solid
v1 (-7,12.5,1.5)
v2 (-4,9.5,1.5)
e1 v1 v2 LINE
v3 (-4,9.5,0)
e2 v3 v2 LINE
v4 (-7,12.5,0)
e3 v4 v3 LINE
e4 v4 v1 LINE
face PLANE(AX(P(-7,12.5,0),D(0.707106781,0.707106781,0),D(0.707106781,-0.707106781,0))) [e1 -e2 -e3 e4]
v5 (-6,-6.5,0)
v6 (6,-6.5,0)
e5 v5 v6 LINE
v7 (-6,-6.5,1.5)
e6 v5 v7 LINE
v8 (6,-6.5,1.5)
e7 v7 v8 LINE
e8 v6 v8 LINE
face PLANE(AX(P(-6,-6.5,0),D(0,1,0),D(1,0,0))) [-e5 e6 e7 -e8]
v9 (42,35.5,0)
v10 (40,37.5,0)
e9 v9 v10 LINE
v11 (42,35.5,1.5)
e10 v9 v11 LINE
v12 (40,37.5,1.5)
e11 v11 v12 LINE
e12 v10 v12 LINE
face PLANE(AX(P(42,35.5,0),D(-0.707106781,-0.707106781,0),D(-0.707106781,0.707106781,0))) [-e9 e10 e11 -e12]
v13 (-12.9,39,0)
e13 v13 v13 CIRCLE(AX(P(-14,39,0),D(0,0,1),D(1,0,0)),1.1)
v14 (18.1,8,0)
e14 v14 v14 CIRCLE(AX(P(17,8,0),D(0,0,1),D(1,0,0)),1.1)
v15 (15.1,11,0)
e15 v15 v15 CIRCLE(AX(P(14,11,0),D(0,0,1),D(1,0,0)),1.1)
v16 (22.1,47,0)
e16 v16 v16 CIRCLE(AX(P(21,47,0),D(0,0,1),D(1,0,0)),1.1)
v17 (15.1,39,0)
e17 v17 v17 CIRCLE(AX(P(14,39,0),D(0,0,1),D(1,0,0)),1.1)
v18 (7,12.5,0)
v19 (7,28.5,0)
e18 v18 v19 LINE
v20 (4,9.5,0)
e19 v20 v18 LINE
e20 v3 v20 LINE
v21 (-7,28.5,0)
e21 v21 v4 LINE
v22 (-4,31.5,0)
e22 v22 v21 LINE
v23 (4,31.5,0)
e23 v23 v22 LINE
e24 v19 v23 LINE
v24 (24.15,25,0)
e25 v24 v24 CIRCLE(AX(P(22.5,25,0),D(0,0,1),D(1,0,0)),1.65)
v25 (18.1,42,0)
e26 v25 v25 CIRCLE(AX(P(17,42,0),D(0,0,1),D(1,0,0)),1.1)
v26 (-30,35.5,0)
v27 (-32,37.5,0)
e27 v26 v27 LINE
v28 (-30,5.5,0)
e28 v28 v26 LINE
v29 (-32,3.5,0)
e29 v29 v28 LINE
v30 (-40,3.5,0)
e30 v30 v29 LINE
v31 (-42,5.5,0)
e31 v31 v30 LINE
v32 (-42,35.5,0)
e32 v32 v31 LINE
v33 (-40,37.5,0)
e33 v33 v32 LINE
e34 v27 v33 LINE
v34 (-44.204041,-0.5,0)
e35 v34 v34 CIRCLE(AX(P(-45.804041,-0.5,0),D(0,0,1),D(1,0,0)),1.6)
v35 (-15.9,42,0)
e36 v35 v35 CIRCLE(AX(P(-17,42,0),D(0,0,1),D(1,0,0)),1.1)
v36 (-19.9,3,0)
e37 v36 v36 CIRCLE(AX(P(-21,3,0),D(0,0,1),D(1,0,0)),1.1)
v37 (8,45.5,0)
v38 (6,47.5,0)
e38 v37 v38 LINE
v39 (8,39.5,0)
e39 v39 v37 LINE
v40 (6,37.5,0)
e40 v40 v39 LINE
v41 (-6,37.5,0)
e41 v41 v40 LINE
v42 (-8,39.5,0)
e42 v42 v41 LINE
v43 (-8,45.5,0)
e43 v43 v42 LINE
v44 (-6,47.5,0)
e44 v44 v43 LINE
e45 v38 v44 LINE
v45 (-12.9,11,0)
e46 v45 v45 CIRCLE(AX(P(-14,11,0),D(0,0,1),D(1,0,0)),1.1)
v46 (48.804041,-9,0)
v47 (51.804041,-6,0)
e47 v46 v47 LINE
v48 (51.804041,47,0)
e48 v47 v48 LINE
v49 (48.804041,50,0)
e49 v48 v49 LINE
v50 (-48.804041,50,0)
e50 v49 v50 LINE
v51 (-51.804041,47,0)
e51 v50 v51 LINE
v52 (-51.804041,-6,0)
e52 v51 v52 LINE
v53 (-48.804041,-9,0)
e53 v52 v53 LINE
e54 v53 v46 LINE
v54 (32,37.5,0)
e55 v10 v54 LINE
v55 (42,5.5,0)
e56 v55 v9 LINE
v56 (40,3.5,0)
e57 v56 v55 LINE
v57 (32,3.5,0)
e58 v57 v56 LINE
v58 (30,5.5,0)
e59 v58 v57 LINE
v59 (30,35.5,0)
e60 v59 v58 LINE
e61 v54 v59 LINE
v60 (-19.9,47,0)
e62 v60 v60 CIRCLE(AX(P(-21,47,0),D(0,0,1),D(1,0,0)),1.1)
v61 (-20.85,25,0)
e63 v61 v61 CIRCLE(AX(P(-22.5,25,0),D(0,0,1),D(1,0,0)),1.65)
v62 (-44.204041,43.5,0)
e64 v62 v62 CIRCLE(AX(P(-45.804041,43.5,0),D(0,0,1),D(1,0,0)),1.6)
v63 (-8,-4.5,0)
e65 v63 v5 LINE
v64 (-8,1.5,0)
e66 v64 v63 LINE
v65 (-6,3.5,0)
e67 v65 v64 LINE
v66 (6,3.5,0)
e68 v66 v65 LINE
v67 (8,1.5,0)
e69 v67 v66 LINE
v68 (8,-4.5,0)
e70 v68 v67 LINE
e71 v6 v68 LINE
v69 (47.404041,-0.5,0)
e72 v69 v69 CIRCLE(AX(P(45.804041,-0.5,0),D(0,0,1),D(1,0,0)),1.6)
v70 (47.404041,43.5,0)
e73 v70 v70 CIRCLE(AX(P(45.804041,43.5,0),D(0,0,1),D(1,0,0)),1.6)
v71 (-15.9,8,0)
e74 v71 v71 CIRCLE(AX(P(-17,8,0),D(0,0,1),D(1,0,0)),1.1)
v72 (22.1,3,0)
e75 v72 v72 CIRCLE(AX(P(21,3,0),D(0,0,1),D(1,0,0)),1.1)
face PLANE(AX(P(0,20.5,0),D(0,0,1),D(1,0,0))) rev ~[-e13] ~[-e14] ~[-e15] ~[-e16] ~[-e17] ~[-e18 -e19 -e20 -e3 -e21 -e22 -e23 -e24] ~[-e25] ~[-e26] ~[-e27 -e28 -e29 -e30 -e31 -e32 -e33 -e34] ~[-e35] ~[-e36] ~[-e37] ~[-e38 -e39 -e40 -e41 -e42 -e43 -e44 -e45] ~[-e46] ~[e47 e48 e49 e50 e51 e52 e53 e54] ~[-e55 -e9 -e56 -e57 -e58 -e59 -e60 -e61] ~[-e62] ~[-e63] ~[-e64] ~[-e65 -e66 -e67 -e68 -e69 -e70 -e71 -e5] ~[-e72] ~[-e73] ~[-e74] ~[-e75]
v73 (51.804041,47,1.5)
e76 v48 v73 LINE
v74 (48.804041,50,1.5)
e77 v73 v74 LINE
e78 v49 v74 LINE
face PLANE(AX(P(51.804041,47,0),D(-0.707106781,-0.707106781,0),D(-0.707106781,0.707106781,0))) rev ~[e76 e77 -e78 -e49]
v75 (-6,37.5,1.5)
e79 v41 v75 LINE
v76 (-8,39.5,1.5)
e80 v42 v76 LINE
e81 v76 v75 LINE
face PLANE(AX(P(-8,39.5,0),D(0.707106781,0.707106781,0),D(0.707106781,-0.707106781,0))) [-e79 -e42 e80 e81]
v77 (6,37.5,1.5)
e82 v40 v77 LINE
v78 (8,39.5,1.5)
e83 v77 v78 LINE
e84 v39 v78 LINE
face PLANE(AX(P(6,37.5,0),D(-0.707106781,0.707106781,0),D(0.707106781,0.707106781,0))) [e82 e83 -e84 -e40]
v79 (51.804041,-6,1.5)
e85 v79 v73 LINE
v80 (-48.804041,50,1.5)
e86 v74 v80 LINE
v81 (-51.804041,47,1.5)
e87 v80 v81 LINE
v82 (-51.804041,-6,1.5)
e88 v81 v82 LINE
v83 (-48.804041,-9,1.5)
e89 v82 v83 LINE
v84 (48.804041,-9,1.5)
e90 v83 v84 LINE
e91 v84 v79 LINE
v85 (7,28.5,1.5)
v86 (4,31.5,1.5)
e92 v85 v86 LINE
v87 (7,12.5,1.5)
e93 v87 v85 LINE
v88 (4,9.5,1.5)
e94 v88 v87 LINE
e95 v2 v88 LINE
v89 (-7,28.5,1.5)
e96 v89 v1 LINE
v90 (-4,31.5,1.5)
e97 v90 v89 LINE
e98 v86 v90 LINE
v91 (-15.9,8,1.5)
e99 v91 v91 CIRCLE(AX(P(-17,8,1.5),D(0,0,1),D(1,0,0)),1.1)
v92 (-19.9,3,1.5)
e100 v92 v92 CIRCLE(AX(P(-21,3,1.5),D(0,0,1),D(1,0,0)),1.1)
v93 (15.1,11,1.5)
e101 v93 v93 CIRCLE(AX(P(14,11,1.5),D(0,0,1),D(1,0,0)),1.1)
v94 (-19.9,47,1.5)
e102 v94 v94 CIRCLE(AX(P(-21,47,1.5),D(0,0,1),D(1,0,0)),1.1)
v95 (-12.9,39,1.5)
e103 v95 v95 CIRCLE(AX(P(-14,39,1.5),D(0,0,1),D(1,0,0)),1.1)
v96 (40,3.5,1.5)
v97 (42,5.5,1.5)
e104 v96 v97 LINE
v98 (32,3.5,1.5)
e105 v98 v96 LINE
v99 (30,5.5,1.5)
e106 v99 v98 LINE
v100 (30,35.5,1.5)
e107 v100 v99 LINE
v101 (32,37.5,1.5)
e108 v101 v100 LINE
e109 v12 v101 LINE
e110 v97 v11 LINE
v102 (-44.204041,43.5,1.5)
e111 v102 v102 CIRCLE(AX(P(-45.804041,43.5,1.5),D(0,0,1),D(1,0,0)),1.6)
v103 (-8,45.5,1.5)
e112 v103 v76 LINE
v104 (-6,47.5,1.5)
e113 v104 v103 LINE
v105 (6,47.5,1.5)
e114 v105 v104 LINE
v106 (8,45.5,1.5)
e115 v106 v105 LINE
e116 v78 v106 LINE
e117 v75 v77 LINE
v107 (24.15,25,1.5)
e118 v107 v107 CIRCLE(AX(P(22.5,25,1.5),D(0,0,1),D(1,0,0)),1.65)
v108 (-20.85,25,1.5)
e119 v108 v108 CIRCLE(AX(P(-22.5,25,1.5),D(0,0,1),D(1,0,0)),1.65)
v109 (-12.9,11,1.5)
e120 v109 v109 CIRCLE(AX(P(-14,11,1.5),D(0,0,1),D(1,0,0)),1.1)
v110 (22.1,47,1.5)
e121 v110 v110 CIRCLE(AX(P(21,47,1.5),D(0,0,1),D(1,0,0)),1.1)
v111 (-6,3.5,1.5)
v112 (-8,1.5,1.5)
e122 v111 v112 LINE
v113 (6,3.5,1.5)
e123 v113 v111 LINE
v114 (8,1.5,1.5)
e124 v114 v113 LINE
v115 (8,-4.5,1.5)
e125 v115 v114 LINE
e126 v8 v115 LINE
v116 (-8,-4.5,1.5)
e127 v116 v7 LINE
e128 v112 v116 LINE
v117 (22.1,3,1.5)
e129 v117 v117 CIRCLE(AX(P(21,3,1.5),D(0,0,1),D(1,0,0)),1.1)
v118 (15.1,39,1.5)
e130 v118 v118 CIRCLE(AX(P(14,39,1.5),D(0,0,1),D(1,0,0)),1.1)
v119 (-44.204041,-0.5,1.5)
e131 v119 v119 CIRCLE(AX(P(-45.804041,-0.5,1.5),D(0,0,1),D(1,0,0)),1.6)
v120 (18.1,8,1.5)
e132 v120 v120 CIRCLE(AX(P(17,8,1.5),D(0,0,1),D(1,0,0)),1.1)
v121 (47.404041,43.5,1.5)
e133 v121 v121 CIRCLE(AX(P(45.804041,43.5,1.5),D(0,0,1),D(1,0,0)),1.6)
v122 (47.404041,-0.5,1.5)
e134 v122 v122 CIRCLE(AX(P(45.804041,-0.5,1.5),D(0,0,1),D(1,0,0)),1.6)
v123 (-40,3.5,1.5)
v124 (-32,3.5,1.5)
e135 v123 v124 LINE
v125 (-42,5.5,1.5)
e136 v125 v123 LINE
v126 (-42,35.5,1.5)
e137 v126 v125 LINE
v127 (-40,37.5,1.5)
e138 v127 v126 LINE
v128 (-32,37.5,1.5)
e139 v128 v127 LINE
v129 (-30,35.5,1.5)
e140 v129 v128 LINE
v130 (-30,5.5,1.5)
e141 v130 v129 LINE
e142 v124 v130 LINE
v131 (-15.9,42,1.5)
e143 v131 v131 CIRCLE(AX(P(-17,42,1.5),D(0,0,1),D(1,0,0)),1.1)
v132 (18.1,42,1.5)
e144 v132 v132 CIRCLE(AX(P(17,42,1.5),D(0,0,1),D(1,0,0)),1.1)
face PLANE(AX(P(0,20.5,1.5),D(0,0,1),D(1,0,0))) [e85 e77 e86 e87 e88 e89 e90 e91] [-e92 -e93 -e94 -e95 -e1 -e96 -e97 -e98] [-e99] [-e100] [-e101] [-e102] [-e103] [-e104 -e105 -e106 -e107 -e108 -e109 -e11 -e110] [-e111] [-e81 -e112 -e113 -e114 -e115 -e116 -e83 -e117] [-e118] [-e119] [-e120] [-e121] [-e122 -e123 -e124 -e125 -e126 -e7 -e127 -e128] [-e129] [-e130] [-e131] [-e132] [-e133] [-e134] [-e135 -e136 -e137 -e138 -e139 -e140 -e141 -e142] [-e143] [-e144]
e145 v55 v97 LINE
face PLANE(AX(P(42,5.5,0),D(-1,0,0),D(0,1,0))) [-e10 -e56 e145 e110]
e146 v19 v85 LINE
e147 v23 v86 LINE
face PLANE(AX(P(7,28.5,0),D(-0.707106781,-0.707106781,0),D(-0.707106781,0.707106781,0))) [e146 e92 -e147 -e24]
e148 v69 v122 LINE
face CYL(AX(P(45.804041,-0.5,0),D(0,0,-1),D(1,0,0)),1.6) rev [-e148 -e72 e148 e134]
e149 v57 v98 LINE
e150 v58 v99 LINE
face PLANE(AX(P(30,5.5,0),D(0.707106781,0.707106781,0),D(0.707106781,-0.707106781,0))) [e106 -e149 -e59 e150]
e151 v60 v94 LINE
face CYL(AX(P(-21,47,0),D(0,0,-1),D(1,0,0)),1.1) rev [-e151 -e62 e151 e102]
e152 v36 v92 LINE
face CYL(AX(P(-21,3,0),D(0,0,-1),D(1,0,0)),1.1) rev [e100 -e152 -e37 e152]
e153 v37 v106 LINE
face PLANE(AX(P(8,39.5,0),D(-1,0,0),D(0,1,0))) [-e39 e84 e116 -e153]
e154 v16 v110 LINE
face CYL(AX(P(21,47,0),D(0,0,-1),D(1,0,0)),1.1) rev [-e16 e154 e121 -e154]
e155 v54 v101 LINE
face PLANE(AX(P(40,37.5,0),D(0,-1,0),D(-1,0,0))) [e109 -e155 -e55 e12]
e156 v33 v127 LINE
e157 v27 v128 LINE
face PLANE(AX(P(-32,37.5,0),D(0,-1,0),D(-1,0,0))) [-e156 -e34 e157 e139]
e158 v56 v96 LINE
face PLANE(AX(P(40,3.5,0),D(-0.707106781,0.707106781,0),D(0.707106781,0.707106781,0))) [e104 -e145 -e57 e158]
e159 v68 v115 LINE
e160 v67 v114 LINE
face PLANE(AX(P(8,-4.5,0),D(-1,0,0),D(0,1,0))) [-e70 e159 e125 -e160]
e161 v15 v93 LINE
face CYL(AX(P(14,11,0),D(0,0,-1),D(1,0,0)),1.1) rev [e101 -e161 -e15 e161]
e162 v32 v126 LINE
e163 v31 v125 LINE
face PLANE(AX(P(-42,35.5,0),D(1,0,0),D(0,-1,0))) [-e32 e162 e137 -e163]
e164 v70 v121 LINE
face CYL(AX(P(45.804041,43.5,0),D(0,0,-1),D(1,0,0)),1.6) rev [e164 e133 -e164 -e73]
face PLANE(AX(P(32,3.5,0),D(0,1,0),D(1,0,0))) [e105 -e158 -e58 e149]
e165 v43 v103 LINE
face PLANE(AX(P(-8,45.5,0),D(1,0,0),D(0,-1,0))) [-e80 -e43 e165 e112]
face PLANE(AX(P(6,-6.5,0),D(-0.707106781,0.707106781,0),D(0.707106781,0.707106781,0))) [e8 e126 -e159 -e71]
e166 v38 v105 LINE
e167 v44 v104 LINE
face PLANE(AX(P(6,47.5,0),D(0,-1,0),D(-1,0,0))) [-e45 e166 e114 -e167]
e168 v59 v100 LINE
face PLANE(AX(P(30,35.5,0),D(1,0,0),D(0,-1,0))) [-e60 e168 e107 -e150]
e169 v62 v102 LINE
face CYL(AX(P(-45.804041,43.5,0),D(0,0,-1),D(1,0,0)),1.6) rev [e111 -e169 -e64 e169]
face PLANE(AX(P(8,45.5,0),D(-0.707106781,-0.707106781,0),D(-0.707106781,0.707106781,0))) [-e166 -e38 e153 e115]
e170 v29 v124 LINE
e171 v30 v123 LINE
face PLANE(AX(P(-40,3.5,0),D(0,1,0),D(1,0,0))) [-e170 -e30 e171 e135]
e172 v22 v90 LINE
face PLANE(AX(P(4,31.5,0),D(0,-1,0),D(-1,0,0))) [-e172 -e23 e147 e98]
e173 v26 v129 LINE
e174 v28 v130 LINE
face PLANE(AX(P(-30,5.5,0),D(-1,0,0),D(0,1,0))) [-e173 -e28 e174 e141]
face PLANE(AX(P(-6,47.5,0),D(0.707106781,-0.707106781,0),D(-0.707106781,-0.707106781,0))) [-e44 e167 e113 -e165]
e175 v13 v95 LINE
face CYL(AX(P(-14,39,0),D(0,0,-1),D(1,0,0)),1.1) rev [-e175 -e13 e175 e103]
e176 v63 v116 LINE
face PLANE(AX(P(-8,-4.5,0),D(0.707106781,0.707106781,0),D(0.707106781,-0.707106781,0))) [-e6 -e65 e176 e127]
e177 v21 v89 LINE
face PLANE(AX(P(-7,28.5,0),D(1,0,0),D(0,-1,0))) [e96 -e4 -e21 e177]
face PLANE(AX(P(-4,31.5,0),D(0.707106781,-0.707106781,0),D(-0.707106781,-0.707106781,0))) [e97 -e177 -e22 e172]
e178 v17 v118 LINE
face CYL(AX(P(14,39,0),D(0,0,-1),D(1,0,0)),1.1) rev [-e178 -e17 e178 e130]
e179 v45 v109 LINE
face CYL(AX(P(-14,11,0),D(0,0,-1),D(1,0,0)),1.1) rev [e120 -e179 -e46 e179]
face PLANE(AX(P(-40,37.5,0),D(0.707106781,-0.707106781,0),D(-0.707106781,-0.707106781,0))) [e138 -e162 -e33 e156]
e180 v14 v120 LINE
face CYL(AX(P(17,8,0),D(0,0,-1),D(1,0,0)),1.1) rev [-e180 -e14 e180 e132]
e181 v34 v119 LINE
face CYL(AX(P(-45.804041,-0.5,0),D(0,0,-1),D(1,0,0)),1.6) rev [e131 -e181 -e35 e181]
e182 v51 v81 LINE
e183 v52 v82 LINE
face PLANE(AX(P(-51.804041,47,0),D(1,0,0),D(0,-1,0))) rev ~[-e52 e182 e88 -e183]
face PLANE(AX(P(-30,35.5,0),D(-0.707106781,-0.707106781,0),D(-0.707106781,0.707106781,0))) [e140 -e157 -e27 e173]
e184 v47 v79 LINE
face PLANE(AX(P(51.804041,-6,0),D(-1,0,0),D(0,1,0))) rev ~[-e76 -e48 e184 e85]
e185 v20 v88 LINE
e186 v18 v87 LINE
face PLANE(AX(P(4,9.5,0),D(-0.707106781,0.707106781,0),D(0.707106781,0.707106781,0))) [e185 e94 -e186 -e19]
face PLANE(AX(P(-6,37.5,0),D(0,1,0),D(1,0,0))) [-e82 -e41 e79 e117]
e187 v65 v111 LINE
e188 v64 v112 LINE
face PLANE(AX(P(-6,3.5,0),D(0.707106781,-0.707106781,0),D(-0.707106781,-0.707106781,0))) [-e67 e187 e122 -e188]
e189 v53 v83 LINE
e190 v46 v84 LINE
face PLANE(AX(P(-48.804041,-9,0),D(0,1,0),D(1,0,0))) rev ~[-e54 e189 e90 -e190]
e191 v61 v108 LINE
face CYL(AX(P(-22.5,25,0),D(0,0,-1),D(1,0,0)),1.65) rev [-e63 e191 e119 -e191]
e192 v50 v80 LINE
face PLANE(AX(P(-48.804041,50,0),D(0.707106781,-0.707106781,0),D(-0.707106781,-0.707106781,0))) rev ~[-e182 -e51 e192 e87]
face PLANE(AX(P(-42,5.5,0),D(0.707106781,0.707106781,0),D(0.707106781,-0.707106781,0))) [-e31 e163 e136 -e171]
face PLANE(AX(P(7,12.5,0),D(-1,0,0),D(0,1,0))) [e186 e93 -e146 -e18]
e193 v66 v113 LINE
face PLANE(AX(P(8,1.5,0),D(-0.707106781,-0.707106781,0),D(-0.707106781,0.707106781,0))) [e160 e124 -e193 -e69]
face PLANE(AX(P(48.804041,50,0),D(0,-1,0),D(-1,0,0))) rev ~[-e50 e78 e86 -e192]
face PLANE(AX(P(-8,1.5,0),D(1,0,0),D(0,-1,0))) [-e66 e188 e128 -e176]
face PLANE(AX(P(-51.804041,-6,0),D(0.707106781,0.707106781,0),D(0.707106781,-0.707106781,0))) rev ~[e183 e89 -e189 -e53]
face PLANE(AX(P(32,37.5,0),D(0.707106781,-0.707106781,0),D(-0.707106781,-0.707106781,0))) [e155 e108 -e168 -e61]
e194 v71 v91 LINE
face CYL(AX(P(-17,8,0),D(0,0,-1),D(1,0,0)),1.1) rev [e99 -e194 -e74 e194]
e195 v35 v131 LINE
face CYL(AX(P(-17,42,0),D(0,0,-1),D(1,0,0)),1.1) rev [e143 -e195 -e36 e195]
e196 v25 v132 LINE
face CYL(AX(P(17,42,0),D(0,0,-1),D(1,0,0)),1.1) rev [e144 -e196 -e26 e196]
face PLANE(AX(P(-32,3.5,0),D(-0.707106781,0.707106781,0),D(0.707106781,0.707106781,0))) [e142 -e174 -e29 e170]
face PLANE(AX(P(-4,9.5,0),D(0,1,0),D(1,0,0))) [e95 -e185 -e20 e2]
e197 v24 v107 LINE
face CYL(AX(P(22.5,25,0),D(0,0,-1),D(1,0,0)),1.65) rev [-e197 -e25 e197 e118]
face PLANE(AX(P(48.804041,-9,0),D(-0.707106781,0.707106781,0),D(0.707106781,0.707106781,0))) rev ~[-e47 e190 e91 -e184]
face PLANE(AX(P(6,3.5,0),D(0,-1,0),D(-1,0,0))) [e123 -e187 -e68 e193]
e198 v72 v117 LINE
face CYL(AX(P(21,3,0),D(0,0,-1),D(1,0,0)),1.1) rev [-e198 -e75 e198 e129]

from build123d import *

# Parameters (mm, degrees)
SKETCH_1_R    = 1.6
SKETCH_1_R_2  = 1.1
SKETCH_1_R_3  = 1.65
F_1P5MM_DEPTH = 1.5
SKETCH_2_R    = 1.1
D2P2_DEPTH    = 1.5


with BuildPart() as part:
    # 草图1 → 1p5mm竖向开孔板_上下四孔 (new body)
    with BuildSketch(Plane.XY):
        Polygon((-48.804040507, -9), (48.804040507, -9), (51.804040507, -6), (51.804040507, 47), (48.804040507, 50), (-48.804040507, 50), (-51.804040507, 47), (-51.804040507, -6), align=None)
        with Locations((-45.804040507, -0.5)):
            Circle(SKETCH_1_R, mode=Mode.SUBTRACT)
        with Locations((-45.804040507, 43.5)):
            Circle(SKETCH_1_R, mode=Mode.SUBTRACT)
        with Locations((45.804040507, -0.5)):
            Circle(SKETCH_1_R, mode=Mode.SUBTRACT)
        with Locations((45.804040507, 43.5)):
            Circle(SKETCH_1_R, mode=Mode.SUBTRACT)
        with Locations((-21, 3)):
            Circle(SKETCH_1_R_2, mode=Mode.SUBTRACT)
        with Locations((21, 3)):
            Circle(SKETCH_1_R_2, mode=Mode.SUBTRACT)
        with Locations((-14, 11)):
            Circle(SKETCH_1_R_2, mode=Mode.SUBTRACT)
        with Locations((-14, 39)):
            Circle(SKETCH_1_R_2, mode=Mode.SUBTRACT)
        with Locations((14, 11)):
            Circle(SKETCH_1_R_2, mode=Mode.SUBTRACT)
        with Locations((14, 39)):
            Circle(SKETCH_1_R_2, mode=Mode.SUBTRACT)
        with Locations((-17, 8)):
            Circle(SKETCH_1_R_2, mode=Mode.SUBTRACT)
        with Locations((-17, 42)):
            Circle(SKETCH_1_R_2, mode=Mode.SUBTRACT)
        with Locations((17, 8)):
            Circle(SKETCH_1_R_2, mode=Mode.SUBTRACT)
        with Locations((17, 42)):
            Circle(SKETCH_1_R_2, mode=Mode.SUBTRACT)
        with Locations((-22.5, 25)):
            Circle(SKETCH_1_R_3, mode=Mode.SUBTRACT)
        with Locations((22.5, 25)):
            Circle(SKETCH_1_R_3, mode=Mode.SUBTRACT)
        Polygon((-4, 9.5), (4, 9.5), (7, 12.5), (7, 28.5), (4, 31.5), (-4, 31.5), (-7, 28.5), (-7, 12.5), align=None, mode=Mode.SUBTRACT)
        Polygon((-40, 3.5), (-32, 3.5), (-30, 5.5), (-30, 35.5), (-32, 37.5), (-40, 37.5), (-42, 35.5), (-42, 5.5), align=None, mode=Mode.SUBTRACT)
        Polygon((32, 3.5), (40, 3.5), (42, 5.5), (42, 35.5), (40, 37.5), (32, 37.5), (30, 35.5), (30, 5.5), align=None, mode=Mode.SUBTRACT)
        Polygon((-6, -6.5), (6, -6.5), (8, -4.5), (8, 1.5), (6, 3.5), (-6, 3.5), (-8, 1.5), (-8, -4.5), align=None, mode=Mode.SUBTRACT)
        Polygon((-6, 37.5), (6, 37.5), (8, 39.5), (8, 45.5), (6, 47.5), (-6, 47.5), (-8, 45.5), (-8, 39.5), align=None, mode=Mode.SUBTRACT)
    extrude(amount=F_1P5MM_DEPTH)

    # 草图2 → 上沿电池板钢索孔_D2p2 (cut)
    with BuildSketch(Plane.XY):
        with Locations((-21, 47)):
            Circle(SKETCH_2_R)
        with Locations((21, 47)):
            Circle(SKETCH_2_R)
    extrude(amount=D2P2_DEPTH, mode=Mode.SUBTRACT)


solid = part.part
